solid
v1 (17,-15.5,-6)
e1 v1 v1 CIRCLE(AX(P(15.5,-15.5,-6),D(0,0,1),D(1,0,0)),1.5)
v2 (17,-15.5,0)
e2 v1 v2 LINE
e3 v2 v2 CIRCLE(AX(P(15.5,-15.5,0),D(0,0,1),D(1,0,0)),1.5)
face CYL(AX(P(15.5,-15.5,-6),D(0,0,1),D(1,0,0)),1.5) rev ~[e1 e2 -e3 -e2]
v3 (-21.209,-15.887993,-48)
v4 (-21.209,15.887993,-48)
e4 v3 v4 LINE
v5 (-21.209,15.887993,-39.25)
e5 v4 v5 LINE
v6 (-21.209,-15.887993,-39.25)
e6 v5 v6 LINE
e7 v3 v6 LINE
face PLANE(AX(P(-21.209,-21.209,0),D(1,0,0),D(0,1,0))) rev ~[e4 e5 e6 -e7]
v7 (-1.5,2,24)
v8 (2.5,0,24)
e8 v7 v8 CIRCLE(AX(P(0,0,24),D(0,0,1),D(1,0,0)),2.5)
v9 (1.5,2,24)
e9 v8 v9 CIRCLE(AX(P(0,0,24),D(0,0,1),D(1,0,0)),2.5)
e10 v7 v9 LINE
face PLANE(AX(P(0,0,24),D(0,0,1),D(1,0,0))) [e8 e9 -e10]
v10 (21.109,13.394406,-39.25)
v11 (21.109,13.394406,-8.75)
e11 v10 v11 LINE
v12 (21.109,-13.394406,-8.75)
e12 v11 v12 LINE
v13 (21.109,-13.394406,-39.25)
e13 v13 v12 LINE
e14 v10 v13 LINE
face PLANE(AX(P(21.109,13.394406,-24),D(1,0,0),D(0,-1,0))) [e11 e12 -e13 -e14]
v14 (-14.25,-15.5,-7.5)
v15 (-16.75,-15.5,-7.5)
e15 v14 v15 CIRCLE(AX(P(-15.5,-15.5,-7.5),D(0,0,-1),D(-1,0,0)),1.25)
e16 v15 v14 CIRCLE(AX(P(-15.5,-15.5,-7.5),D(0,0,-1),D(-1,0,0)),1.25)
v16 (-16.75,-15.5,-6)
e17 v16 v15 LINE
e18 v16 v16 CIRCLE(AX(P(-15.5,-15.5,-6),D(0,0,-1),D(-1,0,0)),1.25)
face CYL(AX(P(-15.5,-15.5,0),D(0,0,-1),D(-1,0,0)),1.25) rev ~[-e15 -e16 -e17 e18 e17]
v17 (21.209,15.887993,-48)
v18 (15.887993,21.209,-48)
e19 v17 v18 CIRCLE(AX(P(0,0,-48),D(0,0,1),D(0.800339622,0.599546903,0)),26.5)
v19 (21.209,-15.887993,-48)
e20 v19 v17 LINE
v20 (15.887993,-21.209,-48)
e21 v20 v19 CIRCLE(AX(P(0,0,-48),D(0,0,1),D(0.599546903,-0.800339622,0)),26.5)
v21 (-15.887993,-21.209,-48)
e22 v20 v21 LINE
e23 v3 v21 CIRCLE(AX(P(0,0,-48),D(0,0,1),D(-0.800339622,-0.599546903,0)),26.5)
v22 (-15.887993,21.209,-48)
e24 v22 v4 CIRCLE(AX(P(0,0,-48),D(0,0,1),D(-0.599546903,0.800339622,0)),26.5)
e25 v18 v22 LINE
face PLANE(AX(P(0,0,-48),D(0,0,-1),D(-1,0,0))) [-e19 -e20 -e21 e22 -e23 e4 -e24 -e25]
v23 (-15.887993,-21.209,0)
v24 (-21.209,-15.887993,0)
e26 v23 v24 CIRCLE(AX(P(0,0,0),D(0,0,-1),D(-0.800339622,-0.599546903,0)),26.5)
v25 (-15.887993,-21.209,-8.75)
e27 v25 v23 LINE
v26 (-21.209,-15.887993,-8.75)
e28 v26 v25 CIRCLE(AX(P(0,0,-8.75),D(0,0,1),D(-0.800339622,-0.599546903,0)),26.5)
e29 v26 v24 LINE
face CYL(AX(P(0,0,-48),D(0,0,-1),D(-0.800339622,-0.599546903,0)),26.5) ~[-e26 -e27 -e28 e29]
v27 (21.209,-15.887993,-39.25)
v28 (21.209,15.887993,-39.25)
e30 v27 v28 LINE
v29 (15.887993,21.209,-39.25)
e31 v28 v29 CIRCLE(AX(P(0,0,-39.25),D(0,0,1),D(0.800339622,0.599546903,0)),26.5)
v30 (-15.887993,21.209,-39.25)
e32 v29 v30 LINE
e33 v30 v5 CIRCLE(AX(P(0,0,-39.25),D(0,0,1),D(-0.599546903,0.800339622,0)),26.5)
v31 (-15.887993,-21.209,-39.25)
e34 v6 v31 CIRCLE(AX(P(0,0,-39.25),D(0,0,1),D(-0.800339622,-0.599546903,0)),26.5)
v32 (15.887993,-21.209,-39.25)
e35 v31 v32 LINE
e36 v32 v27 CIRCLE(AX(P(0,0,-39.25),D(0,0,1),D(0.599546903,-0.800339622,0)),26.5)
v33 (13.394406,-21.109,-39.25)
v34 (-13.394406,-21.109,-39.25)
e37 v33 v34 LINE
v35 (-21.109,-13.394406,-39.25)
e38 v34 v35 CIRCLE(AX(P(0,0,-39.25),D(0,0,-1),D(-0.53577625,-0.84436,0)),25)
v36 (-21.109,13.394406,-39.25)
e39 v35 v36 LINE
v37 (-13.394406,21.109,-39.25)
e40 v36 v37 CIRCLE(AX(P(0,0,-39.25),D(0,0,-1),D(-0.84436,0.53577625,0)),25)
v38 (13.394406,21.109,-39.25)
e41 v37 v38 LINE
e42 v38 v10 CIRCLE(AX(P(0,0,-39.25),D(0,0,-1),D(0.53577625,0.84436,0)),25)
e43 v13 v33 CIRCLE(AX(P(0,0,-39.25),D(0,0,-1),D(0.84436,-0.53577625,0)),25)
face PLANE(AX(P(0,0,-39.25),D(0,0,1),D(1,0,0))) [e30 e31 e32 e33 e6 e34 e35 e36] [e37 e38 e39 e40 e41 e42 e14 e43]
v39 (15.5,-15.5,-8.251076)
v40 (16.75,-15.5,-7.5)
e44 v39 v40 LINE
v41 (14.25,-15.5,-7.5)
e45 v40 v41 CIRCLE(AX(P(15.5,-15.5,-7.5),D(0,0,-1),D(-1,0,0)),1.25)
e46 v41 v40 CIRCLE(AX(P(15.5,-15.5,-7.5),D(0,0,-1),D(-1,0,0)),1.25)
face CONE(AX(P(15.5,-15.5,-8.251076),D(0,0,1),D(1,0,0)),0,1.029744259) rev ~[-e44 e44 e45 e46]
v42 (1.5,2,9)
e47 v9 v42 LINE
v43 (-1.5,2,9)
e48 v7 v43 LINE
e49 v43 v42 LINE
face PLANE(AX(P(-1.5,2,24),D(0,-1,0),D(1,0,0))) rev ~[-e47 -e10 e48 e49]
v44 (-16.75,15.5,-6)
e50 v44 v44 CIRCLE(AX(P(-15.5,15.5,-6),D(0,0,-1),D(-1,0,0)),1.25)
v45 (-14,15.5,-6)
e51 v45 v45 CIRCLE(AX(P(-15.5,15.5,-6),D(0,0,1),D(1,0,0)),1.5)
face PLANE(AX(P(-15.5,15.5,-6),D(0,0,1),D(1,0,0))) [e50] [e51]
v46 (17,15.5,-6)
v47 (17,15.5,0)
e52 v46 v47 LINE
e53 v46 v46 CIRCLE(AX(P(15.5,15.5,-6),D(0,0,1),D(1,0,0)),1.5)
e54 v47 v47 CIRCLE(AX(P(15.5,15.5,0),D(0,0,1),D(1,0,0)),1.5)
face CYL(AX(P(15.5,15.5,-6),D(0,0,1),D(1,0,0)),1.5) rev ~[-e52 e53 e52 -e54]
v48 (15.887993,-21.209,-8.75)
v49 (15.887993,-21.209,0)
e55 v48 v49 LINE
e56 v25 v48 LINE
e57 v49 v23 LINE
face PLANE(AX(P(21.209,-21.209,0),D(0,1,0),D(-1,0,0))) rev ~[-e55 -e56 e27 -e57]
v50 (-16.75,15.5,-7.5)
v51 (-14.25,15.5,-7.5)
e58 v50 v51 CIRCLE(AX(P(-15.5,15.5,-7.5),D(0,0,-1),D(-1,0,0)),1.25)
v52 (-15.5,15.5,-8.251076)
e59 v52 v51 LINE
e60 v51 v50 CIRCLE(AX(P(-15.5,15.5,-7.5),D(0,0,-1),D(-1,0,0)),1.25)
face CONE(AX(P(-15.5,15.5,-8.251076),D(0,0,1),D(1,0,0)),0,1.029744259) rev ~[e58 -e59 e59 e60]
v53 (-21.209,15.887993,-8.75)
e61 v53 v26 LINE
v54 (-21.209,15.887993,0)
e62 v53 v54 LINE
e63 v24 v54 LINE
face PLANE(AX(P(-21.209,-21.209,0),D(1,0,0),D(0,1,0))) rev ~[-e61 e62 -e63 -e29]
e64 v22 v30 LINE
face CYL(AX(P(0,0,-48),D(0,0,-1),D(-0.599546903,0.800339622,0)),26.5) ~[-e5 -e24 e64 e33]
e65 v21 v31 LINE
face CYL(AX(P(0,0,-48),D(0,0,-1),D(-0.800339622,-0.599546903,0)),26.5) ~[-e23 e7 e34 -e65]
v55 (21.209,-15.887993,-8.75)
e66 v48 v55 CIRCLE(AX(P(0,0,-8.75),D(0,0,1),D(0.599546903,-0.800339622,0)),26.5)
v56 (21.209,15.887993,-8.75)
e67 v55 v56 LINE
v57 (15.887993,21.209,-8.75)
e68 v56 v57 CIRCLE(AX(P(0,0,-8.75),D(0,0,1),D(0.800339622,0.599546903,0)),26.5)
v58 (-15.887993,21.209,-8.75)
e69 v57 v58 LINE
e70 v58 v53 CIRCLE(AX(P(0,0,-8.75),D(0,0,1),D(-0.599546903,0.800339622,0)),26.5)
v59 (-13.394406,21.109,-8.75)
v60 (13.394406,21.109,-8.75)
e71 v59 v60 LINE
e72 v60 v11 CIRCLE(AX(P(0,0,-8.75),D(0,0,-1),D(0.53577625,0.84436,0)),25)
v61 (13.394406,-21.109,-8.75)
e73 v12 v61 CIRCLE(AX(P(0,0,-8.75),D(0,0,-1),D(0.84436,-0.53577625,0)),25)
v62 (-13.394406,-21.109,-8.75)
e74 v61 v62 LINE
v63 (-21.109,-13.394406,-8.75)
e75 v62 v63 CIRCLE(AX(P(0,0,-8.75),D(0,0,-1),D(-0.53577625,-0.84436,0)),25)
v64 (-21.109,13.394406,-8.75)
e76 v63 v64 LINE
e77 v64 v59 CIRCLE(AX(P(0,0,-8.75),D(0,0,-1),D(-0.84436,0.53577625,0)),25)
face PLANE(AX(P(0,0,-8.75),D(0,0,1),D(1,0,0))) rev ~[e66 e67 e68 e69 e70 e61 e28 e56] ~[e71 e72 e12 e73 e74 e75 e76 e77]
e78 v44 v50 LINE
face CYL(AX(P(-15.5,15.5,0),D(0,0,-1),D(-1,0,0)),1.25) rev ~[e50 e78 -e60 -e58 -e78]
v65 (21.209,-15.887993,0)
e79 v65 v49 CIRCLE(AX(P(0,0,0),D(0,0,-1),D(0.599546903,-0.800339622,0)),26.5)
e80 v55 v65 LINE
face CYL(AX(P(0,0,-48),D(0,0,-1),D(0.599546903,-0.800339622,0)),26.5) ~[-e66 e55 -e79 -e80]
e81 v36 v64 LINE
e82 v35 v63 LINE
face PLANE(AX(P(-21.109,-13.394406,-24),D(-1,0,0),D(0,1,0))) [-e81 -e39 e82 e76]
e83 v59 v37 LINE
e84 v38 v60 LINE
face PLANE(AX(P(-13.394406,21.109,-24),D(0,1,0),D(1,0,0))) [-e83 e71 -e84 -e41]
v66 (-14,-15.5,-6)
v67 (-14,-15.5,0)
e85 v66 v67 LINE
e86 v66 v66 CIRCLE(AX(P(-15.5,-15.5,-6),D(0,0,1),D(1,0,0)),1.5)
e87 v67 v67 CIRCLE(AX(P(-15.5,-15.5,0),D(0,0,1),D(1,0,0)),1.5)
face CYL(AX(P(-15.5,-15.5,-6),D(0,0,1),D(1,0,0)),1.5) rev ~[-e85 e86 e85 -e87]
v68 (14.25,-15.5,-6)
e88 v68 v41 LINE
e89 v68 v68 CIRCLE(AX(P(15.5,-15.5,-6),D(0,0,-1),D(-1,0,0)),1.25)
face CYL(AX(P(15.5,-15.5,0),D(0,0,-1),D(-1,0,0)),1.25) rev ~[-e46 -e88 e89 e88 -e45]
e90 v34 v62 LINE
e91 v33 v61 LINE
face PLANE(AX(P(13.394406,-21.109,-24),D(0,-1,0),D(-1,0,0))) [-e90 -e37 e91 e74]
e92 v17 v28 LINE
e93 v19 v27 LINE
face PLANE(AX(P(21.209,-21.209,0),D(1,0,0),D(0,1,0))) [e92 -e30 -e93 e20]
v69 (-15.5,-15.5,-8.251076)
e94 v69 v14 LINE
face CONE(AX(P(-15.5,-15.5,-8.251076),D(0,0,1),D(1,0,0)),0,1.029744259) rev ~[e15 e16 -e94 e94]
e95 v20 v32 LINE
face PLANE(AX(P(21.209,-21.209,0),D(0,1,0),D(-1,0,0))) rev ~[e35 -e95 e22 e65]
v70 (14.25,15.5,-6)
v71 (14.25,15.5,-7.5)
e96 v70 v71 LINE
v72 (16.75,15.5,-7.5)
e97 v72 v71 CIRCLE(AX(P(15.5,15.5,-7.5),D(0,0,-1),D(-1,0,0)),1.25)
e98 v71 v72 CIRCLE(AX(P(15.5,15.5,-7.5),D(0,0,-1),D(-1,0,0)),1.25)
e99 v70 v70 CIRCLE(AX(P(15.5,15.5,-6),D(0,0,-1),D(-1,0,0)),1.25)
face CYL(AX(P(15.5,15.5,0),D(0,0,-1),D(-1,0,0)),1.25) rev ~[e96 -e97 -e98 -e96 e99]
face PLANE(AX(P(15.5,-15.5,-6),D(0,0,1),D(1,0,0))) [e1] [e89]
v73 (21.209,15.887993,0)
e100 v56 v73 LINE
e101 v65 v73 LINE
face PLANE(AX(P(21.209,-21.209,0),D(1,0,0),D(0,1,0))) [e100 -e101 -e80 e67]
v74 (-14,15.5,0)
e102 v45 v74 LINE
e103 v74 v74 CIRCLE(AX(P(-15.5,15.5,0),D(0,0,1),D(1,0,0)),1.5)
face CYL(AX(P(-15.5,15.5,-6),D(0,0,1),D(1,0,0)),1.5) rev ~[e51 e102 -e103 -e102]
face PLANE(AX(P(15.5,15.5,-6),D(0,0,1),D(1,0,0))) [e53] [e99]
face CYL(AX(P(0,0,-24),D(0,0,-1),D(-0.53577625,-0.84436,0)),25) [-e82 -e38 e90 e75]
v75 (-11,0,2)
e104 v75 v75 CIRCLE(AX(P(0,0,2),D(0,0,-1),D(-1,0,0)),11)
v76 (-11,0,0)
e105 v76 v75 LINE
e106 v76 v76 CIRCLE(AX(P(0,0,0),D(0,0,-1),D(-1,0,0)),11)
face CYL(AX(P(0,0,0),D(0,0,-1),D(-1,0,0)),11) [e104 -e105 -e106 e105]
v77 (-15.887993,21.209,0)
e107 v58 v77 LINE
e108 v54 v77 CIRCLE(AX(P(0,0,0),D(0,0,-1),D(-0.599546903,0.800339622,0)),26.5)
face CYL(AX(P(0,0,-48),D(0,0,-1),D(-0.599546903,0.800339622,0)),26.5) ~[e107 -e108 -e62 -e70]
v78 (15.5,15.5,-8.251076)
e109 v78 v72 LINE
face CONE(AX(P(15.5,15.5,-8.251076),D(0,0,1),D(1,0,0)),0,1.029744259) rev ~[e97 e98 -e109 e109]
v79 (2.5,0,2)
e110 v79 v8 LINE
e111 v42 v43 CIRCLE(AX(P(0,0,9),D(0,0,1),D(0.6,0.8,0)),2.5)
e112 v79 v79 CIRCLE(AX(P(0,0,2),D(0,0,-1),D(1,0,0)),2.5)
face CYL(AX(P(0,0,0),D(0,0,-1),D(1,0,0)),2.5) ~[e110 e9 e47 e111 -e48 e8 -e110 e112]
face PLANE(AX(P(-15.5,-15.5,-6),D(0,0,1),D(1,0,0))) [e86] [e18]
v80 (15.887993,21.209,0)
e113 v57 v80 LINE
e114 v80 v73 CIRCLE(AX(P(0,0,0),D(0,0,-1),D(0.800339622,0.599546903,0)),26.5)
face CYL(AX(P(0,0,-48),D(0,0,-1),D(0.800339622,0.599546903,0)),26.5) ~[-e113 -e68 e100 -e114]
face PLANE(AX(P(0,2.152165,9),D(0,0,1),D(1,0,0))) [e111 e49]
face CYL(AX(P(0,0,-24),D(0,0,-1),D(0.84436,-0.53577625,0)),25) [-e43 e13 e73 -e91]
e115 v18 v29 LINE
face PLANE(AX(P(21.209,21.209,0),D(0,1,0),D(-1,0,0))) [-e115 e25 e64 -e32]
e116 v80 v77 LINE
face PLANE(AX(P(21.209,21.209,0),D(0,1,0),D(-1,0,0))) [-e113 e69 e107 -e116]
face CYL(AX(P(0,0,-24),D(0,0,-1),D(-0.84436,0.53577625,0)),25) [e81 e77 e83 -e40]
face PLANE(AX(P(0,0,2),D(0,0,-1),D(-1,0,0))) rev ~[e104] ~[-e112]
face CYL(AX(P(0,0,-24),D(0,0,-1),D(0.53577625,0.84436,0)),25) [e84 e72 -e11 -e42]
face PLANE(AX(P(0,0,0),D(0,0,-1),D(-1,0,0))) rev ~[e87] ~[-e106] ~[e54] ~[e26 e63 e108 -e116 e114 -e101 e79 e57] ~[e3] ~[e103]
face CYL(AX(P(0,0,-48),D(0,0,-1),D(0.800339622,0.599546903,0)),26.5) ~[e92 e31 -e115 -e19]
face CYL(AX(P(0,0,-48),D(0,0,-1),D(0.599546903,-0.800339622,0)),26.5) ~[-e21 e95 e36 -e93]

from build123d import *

# Parameters (mm, degrees)
SKETCH1_R                       = 2.5
BOSS_EXTRUDE1_DEPTH             = 24
SKETCH2_R                       = 11
BOSS_EXTRUDE2_DEPTH             = 2
SKETCH3_W                       = 42.418
SKETCH3_H                       = 42.418
BOSS_EXTRUDE3_DEPTH             = 48
CUT_EXTRUDE1_DEPTH              = 73
M3X0_5_TAPPED_HOLE1_D           = 2.5
M3X0_5_TAPPED_HOLE1_DEPTH       = 7.5
M3X0_5_TAPPED_HOLE1_CBORE_D     = 3
M3X0_5_TAPPED_HOLE1_CBORE_DEPTH = 6
M3X0_5_TAPPED_HOLE1_TIP         = 0.751075774
CUT_EXTRUDE2_DEPTH              = 15
CUT_EXTRUDE3_DEPTH              = 15.25
CUT_EXTRUDE3_DEPTH_BACK         = 15.25


with BuildPart() as part:
    # Sketch1 → Boss-Extrude1 (new body)
    with BuildSketch(Plane.XY):
        Circle(SKETCH1_R)
    extrude(amount=BOSS_EXTRUDE1_DEPTH)

    # Sketch2 → Boss-Extrude2 (add)
    with BuildSketch(Plane(origin=(0, 0, 0), x_dir=(-1, 0, 0), z_dir=(0, 0, -1))):
        Circle(SKETCH2_R)
    extrude(amount=-BOSS_EXTRUDE2_DEPTH)

    # Sketch3 → Boss-Extrude3 (add)
    with BuildSketch(Plane(origin=(0, 0, 0), x_dir=(-1, 0, 0), z_dir=(0, 0, -1))):
        Rectangle(SKETCH3_W, SKETCH3_H)
    extrude(amount=BOSS_EXTRUDE3_DEPTH)

    # Sketch4 → Cut-Extrude1 (cut, through all)
    with BuildSketch(Plane(origin=(0, 0, -48), x_dir=(-1, 0, 0), z_dir=(0, 0, -1))):
        with BuildLine():
            Line((-21.209, -15.887992919), (-21.209, -21.209))
            Line((-21.209, -21.209), (-15.887992919, -21.209))
            ThreePointArc((-15.887992919, -21.209), (-18.738329701, -18.738329701), (-21.209, -15.887992919))
        make_face()
        with BuildLine():
            Line((15.887992919, -21.209), (21.209, -21.209))
            Line((21.209, -21.209), (21.209, -15.887992919))
            ThreePointArc((21.209, -15.887992919), (18.738329701, -18.738329701), (15.887992919, -21.209))
        make_face()
        with BuildLine():
            Line((21.209, 15.887992919), (21.209, 21.209))
            Line((21.209, 21.209), (15.887992919, 21.209))
            ThreePointArc((15.887992919, 21.209), (18.738329701, 18.738329701), (21.209, 15.887992919))
        make_face()
        with BuildLine():
            Line((-15.887992919, 21.209), (-21.209, 21.209))
            Line((-21.209, 21.209), (-21.209, 15.887992919))
            ThreePointArc((-21.209, 15.887992919), (-18.738329701, 18.738329701), (-15.887992919, 21.209))
        make_face()
    extrude(amount=-CUT_EXTRUDE1_DEPTH, mode=Mode.SUBTRACT)

    # M3x0.5 Tapped Hole1
    with Locations(Plane.XY):
        with Locations((-15.5, 15.5), (-15.5, -15.5), (15.5, -15.5), (15.5, 15.5)):
            CounterBoreHole(M3X0_5_TAPPED_HOLE1_D / 2, M3X0_5_TAPPED_HOLE1_CBORE_D / 2, M3X0_5_TAPPED_HOLE1_CBORE_DEPTH, depth=M3X0_5_TAPPED_HOLE1_DEPTH)
            with Locations((0, 0, -(M3X0_5_TAPPED_HOLE1_DEPTH + M3X0_5_TAPPED_HOLE1_TIP / 2))):  # 118° drill point
                Cone(0, M3X0_5_TAPPED_HOLE1_D / 2, M3X0_5_TAPPED_HOLE1_TIP, mode=Mode.SUBTRACT)

    # Sketch7 → Cut-Extrude2 (cut)
    with BuildSketch(Plane.XY.offset(24)):
        with BuildLine():
            Line((-1.5, 2), (1.5, 2))
            ThreePointArc((1.5, 2), (0, 2.5), (-1.5, 2))
        make_face()
    extrude(amount=-CUT_EXTRUDE2_DEPTH, mode=Mode.SUBTRACT)

    # Sketch8 → Cut-Extrude3 (cut, two sides)
    with BuildSketch(Plane.XY.offset(-24)) as cut_extrude3_sk:
        with BuildLine():
            Line((15.887992919, 21.209), (-15.887992919, 21.209))
            ThreePointArc((-15.887992919, 21.209), (-18.738329701, 18.738329701), (-21.209, 15.887992919))
            Line((-21.209, 15.887992919), (-21.209, -15.887992919))
            ThreePointArc((-21.209, -15.887992919), (-18.738329701, -18.738329701), (-15.887992919, -21.209))
            Line((-15.887992919, -21.209), (15.887992919, -21.209))
            ThreePointArc((15.887992919, -21.209), (18.738329701, -18.738329701), (21.209, -15.887992919))
            Line((21.209, -15.887992919), (21.209, 15.887992919))
            ThreePointArc((21.209, 15.887992919), (18.738329701, 18.738329701), (15.887992919, 21.209))
        make_face()
        with BuildLine():
            Line((-13.394406258, 21.109), (13.394406258, 21.109))
            ThreePointArc((13.394406258, 21.109), (17.67766953, 17.67766953), (21.109, 13.394406258))
            Line((21.109, 13.394406258), (21.109, -13.394406258))
            ThreePointArc((21.109, -13.394406258), (17.67766953, -17.67766953), (13.394406258, -21.109))
            Line((13.394406258, -21.109), (-13.394406258, -21.109))
            ThreePointArc((-13.394406258, -21.109), (-17.67766953, -17.67766953), (-21.109, -13.394406258))
            Line((-21.109, -13.394406258), (-21.109, 13.394406258))
            ThreePointArc((-21.109, 13.394406258), (-17.67766953, 17.67766953), (-13.394406258, 21.109))
        make_face(mode=Mode.SUBTRACT)
    extrude(amount=CUT_EXTRUDE3_DEPTH, mode=Mode.SUBTRACT)
    extrude(cut_extrude3_sk.sketch, amount=-CUT_EXTRUDE3_DEPTH_BACK, mode=Mode.SUBTRACT)


solid = part.part
